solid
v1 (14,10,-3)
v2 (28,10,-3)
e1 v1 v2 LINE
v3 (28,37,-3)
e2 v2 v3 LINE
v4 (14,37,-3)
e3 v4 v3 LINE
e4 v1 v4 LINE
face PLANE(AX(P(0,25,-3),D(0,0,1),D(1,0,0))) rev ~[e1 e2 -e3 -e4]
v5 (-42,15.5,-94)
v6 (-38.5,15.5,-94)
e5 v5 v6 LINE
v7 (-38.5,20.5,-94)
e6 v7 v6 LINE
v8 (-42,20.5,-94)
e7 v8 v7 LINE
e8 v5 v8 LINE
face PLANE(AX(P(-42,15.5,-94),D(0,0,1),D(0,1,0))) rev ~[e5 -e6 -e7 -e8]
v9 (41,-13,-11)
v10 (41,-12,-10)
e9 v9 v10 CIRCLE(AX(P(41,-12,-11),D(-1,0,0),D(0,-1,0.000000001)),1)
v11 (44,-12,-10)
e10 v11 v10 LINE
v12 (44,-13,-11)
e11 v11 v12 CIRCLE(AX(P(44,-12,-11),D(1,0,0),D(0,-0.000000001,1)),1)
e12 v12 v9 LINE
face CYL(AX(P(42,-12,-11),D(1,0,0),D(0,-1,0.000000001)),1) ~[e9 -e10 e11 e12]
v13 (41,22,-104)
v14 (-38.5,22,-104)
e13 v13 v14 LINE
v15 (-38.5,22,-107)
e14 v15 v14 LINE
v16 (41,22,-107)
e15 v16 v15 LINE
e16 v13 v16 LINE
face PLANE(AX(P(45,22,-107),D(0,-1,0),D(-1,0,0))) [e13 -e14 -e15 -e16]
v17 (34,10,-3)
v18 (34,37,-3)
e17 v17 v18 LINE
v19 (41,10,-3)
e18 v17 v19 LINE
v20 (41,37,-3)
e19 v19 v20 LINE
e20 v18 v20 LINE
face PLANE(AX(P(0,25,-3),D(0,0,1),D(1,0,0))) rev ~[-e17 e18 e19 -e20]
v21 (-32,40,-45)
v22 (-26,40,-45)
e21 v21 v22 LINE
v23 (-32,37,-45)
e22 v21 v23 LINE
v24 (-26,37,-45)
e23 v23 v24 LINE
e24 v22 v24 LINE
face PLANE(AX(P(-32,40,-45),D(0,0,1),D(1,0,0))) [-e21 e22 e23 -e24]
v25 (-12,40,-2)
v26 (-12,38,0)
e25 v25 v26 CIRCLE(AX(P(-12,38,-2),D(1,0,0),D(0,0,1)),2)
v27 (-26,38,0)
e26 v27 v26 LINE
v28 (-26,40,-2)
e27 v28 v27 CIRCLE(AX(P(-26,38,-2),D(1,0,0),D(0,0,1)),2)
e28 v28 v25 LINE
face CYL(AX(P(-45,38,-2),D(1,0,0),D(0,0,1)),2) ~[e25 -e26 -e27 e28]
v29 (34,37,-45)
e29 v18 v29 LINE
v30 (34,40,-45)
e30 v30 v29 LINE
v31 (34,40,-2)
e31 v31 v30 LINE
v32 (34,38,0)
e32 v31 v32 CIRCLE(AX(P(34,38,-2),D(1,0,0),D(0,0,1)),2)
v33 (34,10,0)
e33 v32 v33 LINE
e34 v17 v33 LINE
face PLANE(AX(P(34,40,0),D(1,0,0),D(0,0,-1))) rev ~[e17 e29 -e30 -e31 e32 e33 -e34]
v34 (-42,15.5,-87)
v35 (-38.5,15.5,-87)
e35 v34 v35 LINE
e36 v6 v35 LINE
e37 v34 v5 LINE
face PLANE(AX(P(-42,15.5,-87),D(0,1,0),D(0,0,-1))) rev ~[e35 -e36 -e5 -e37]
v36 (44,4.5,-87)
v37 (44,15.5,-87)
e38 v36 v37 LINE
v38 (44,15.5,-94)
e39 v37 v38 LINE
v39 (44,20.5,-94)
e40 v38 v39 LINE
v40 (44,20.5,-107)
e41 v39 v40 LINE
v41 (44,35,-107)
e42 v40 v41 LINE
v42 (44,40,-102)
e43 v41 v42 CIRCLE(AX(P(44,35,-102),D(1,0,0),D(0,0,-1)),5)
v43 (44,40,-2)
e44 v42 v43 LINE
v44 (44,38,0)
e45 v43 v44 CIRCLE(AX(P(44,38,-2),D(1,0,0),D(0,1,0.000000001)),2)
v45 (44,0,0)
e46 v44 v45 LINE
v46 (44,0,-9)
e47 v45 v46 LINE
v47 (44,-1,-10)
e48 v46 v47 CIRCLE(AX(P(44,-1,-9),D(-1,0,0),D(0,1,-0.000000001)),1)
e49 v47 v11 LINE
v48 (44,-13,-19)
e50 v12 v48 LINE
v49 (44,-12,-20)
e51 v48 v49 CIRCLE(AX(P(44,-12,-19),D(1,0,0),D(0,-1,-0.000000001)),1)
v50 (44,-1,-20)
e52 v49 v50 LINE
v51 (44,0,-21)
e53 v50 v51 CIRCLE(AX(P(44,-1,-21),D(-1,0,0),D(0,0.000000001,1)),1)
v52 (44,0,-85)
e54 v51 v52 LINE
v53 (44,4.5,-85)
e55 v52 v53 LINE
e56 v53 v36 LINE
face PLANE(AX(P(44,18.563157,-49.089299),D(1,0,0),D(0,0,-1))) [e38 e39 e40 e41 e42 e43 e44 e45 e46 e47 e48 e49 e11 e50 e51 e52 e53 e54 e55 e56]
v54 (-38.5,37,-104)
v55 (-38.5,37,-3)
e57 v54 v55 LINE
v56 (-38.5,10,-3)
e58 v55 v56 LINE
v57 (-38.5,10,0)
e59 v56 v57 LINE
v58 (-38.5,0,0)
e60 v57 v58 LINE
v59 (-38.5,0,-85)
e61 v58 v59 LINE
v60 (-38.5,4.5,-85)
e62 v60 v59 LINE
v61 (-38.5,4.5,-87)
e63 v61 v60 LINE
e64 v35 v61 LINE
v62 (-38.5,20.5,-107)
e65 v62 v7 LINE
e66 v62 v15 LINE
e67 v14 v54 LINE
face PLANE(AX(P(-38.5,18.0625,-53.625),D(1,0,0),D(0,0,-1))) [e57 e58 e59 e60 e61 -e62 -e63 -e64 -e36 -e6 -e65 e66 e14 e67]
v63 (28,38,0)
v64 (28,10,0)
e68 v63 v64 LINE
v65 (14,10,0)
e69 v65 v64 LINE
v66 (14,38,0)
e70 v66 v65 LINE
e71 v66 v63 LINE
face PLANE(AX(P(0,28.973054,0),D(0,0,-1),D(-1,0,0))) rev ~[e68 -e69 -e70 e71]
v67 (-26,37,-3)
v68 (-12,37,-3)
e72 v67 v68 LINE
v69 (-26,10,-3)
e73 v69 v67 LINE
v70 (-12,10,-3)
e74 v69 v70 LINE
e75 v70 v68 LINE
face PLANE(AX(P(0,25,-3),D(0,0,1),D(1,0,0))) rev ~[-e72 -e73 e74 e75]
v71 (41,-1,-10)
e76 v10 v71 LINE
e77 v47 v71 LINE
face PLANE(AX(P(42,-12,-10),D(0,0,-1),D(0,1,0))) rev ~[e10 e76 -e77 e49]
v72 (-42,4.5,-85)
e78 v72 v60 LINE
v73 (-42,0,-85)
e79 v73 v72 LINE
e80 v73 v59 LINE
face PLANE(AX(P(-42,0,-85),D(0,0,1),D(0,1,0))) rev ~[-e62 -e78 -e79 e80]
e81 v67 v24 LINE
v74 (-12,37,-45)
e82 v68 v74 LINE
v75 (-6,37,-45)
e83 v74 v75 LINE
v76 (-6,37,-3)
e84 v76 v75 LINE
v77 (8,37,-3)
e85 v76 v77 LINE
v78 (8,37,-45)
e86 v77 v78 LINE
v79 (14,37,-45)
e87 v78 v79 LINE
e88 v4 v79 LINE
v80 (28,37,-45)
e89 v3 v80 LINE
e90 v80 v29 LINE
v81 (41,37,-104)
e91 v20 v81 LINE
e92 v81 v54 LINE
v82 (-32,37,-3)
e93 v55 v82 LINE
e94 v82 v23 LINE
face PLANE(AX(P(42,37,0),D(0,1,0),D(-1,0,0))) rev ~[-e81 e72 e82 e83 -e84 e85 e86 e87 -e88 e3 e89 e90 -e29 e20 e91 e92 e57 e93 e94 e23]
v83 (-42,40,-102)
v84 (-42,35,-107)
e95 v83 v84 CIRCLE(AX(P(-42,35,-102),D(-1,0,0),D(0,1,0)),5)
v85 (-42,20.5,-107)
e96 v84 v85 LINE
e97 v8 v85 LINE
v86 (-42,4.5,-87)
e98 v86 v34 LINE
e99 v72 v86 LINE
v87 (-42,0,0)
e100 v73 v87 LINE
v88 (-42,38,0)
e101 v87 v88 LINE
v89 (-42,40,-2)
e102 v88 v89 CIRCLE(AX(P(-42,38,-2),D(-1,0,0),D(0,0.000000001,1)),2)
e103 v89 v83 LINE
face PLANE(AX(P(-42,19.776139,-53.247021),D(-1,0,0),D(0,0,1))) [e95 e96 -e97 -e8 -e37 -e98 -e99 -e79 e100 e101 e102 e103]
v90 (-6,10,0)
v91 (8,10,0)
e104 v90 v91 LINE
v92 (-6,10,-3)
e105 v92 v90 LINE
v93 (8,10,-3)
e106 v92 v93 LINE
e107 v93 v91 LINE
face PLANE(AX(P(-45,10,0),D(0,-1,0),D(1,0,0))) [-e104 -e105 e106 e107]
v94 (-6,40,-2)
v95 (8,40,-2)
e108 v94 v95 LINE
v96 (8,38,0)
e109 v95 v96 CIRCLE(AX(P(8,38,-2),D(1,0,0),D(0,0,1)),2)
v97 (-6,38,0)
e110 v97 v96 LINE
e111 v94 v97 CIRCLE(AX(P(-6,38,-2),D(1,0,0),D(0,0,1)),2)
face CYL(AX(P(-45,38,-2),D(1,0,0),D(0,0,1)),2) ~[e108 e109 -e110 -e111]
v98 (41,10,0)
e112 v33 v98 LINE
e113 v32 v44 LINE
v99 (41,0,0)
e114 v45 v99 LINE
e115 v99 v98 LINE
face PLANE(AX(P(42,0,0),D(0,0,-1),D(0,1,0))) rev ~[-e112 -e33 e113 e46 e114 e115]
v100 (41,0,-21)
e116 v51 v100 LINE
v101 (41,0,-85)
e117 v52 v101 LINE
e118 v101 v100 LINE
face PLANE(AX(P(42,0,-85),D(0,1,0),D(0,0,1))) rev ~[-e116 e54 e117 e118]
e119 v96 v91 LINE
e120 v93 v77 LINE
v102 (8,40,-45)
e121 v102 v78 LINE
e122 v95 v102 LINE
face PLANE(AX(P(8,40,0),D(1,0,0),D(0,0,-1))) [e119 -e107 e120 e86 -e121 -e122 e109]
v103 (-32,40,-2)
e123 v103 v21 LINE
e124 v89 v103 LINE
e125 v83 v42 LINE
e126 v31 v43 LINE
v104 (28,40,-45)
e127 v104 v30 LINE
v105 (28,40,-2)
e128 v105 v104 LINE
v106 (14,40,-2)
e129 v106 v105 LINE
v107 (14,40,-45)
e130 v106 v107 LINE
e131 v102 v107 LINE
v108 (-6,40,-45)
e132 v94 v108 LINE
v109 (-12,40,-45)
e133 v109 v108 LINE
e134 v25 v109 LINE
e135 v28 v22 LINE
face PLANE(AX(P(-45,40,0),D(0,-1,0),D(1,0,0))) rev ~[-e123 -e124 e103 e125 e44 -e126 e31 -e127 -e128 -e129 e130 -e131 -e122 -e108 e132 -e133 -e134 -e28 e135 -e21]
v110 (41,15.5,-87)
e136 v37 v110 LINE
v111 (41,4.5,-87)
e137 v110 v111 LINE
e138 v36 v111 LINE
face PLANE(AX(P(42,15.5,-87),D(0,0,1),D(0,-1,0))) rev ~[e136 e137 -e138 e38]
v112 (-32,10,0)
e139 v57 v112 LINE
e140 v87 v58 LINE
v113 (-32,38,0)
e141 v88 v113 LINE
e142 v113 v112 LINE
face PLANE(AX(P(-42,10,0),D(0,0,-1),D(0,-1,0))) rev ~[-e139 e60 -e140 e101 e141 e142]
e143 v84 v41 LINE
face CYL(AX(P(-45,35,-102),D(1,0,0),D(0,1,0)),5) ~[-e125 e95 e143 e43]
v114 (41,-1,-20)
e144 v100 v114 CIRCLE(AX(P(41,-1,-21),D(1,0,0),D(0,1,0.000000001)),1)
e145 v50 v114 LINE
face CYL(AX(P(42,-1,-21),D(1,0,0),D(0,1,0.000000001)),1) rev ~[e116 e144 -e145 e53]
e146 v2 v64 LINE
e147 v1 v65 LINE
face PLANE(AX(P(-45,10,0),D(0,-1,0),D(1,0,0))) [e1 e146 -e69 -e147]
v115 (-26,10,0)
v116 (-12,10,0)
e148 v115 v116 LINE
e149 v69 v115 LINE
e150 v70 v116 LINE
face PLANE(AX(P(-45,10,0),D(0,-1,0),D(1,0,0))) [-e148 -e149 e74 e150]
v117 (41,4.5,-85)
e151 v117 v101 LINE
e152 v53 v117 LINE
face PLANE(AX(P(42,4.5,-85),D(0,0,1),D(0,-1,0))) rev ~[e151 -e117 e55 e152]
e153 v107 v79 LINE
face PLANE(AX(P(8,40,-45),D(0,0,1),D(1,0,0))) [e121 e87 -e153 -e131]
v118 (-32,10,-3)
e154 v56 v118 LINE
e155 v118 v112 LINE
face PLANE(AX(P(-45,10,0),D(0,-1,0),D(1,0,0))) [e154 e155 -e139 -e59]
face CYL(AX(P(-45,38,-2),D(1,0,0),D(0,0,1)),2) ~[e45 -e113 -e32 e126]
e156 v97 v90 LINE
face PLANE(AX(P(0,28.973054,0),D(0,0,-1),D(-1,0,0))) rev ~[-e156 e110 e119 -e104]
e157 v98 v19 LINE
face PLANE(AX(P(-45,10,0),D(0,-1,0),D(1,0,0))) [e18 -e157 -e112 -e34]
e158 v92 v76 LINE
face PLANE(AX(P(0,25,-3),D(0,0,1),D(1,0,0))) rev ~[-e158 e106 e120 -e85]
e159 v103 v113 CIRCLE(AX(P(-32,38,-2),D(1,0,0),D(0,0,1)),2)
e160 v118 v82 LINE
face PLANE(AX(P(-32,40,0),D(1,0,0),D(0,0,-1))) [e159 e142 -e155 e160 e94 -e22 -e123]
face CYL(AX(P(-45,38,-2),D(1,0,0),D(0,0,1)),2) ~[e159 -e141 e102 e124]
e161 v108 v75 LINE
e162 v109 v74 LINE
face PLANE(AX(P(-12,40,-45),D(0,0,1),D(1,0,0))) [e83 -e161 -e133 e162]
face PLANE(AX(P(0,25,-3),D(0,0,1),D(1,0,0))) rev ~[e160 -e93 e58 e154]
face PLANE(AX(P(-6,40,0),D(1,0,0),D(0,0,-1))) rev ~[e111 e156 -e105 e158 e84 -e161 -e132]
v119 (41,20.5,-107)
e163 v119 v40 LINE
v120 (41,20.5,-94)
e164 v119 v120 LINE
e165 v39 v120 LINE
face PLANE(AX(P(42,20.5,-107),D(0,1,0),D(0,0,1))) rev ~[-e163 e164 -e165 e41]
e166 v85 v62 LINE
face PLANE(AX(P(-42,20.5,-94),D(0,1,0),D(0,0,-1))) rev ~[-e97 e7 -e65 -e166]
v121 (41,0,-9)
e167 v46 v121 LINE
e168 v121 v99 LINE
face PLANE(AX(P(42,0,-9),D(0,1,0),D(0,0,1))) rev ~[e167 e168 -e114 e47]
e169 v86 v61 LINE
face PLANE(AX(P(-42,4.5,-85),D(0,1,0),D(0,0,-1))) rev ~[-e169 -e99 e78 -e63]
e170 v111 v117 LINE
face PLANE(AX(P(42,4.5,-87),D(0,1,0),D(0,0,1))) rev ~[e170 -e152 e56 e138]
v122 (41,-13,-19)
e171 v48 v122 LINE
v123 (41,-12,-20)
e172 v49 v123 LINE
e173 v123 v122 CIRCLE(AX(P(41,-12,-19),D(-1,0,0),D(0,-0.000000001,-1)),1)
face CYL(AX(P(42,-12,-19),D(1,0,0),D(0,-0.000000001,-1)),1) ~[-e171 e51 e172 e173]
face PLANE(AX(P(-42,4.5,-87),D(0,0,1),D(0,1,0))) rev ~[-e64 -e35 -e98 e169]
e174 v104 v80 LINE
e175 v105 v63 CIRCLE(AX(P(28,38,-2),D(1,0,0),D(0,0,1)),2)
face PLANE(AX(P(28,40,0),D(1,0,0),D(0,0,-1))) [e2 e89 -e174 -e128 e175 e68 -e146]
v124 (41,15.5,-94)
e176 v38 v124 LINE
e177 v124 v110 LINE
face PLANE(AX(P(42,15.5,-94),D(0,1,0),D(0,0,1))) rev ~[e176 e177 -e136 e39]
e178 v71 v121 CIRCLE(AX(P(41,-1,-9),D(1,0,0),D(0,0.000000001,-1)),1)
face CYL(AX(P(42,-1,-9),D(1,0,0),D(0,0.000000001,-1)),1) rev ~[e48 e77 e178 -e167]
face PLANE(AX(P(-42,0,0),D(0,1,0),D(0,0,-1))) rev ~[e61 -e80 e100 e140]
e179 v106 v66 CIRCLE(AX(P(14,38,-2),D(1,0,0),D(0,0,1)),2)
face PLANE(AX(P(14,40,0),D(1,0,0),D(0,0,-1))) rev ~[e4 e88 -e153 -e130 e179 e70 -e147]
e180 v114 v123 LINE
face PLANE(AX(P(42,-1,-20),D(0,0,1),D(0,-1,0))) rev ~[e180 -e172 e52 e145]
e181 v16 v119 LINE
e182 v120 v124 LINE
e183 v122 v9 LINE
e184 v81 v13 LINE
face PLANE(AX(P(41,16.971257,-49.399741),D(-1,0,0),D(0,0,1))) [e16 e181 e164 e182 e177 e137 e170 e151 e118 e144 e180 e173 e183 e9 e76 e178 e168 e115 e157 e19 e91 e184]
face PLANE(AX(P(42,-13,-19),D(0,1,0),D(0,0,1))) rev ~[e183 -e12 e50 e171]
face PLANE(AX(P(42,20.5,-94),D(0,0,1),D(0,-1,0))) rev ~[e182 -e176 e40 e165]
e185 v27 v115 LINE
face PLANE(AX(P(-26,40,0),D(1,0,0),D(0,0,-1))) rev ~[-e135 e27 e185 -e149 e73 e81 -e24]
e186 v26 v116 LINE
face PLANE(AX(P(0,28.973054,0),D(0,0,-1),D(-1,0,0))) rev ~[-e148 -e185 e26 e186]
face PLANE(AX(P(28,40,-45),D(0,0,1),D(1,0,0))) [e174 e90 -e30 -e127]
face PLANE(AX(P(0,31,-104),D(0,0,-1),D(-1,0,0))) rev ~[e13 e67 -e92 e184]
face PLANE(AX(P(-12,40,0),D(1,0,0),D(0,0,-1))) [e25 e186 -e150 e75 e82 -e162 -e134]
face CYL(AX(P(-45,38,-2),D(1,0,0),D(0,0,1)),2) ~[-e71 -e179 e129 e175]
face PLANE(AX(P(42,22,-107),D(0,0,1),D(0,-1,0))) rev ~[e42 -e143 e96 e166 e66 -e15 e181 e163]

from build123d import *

# Parameters (mm, degrees)
SALIENTE_EXTRUIR1_DEPTH = 107
CROQUIS2_W              = 90
CROQUIS2_H              = 18
SALIENTE_EXTRUIR2_DEPTH = 3
CROQUIS4_W              = 90
CROQUIS4_H              = 30
SALIENTE_EXTRUIR3_DEPTH = 3
REDONDEO3_R             = 2
CROQUIS3_W              = 6
CROQUIS3_H              = 45
CORTAR_EXTRUIR1_DEPTH   = 123.776219196
REDONDEO1_R             = 5
SALIENTE_EXTRUIR4_DEPTH = 3.5
CORTAR_EXTRUIR3_START   = -3
CORTAR_EXTRUIR3_DEPTH   = 3
CORTAR_EXTRUIR4_DEPTH   = 144.589693223
SALIENTE_EXTRUIR5_DEPTH = 3
REDONDEO4_R             = 1
SALIENTE_EXTRUIR6_DEPTH = 1
CORTAR_EXTRUIR6_DEPTH   = 1


with BuildPart() as part:
    # Croquis1 → Saliente-Extruir1 (new body)
    with BuildSketch(Plane.XY):
        Polygon((-42, 0), (-45, 0), (-45, 40), (45, 40), (45, 0), (42, 0), (42, 37), (-42, 37), align=None)
    extrude(amount=-SALIENTE_EXTRUIR1_DEPTH)

    # Croquis2 → Saliente-Extruir2 (add)
    with BuildSketch(Plane(origin=(0, 0, -107), x_dir=(-1, 0, 0), z_dir=(0, 0, -1))):
        with Locations((0, 31)):
            Rectangle(CROQUIS2_W, CROQUIS2_H)
    extrude(amount=-SALIENTE_EXTRUIR2_DEPTH)

    # Croquis4 → Saliente-Extruir3 (add)
    with BuildSketch(Plane.XY):
        with Locations((0, 25)):
            Rectangle(CROQUIS4_W, CROQUIS4_H)
    extrude(amount=-SALIENTE_EXTRUIR3_DEPTH)

    # Redondeo3
    redondeo3_edges = [part.edges().sort_by_distance(p)[0] for p in [
        (0, 40, 0),
    ]]
    fillet(redondeo3_edges, radius=REDONDEO3_R)

    # Croquis3 → Cortar-Extruir1 (cut, through all)
    with BuildSketch(Plane(origin=(0, 40, 0), x_dir=(1, 0, 0), z_dir=(0, 1, 0))):
        with Locations((-9, 22.5)):
            Rectangle(CROQUIS3_W, CROQUIS3_H)
        with Locations((11, 22.5)):
            Rectangle(CROQUIS3_W, CROQUIS3_H)
        with Locations((-29, 22.5)):
            Rectangle(CROQUIS3_W, CROQUIS3_H)
        with Locations((31, 22.5)):
            Rectangle(CROQUIS3_W, CROQUIS3_H)
    extrude(amount=-CORTAR_EXTRUIR1_DEPTH, mode=Mode.SUBTRACT)

    # Redondeo1
    redondeo1_edges = [part.edges().sort_by_distance(p)[0] for p in [
        (0, 40, -107),
    ]]
    fillet(redondeo1_edges, radius=REDONDEO1_R)

    # Croquis6 → Saliente-Extruir4 (add)
    with BuildSketch(Plane(origin=(-42, 0, 0), x_dir=(0, 0, -1), z_dir=(1, 0, 0))):
        Polygon((3, 10), (0, 10), (0, 0), (107, 0), (107, 22), (104, 22), (104, 37), (3, 37), align=None)
    extrude(amount=SALIENTE_EXTRUIR4_DEPTH)

    # Croquis7 → Cortar-Extruir3 (cut)
    with BuildSketch(Plane.ZY.offset(45).offset(CORTAR_EXTRUIR3_START)):
        with BuildLine():
            Line((-2, 40), (-102, 40))
            ThreePointArc((-102, 40), (-105.535533906, 38.535533906), (-107, 35))
            Line((-107, 35), (-107, 0))
            Line((-107, 0), (0, 0))
            Line((0, 0), (0, 38))
            ThreePointArc((0, 38), (-0.585786438, 39.414213562), (-2, 40))
        make_face()
    extrude(amount=CORTAR_EXTRUIR3_DEPTH, mode=Mode.SUBTRACT)

    # Croquis8 → Cortar-Extruir4 (cut, through all)
    with BuildSketch(Plane.ZY.offset(42)):
        Polygon((-107, 0), (-94, 0), (-87, 0), (-85, 0), (-85, 4.5), (-87, 4.5), (-87, 15.5), (-94, 15.5), (-94, 20.5), (-107, 20.5), align=None)
    extrude(amount=-CORTAR_EXTRUIR4_DEPTH, mode=Mode.SUBTRACT)

    # Croquis9 → Saliente-Extruir5 (add)
    with BuildSketch(Plane(origin=(45, 0, 0), x_dir=(0, 0, -1), z_dir=(1, 0, 0))):
        with BuildLine():
            Line((10, 0), (20, 0))
            Line((20, 0), (20, -12))
            ThreePointArc((20, -12), (19.707106781, -12.707106781), (19, -13))
            Line((19, -13), (11, -13))
            ThreePointArc((11, -13), (10.292893219, -12.707106781), (10, -12))
            Line((10, -12), (10, 0))
        make_face()
    extrude(amount=-SALIENTE_EXTRUIR5_DEPTH)

    # Redondeo4
    redondeo4_edges = [part.edges().sort_by_distance(p)[0] for p in [
        (43.5, 0, -10),
        (43.5, 0, -20),
    ]]
    fillet(redondeo4_edges, radius=REDONDEO4_R)

    # Croquis11 → Saliente-Extruir6 (add)
    with BuildSketch(Plane.ZY.offset(-42)):
        with BuildLine():
            Line((-107, 20.5), (-94, 20.5))
            Line((-94, 20.5), (-94, 15.5))
            Line((-94, 15.5), (-87, 15.5))
            Line((-87, 15.5), (-87, 4.5))
            Line((-87, 4.5), (-85, 4.5))
            Line((-85, 4.5), (-85, 0))
            Line((-85, 0), (-21, 0))
            ThreePointArc((-21, 0), (-20.292893219, -0.292893219), (-20, -1))
            Line((-20, -1), (-20, -12))
            ThreePointArc((-20, -12), (-19.707106781, -12.707106781), (-19, -13))
            Line((-19, -13), (-11, -13))
            ThreePointArc((-11, -13), (-10.292893219, -12.707106781), (-10, -12))
            Line((-10, -12), (-10, -1))
            ThreePointArc((-10, -1), (-9.707106781, -0.292893219), (-9, 0))
            Line((-9, 0), (0, 0))
            Line((0, 0), (0, 10))
            Line((0, 10), (-3, 10))
            Line((-3, 10), (-3, 37))
            Line((-3, 37), (-104, 37))
            Line((-104, 37), (-104, 22))
            Line((-104, 22), (-107, 22))
            Line((-107, 22), (-107, 20.5))
        make_face()
    extrude(amount=SALIENTE_EXTRUIR6_DEPTH)

    # Croquis12 → Cortar-Extruir6 (cut)
    with BuildSketch(Plane(origin=(45, 0, 0), x_dir=(0, 0, -1), z_dir=(1, 0, 0))):
        with BuildLine():
            Line((94, 20.5), (107, 20.5))
            Line((107, 20.5), (107, 35))
            ThreePointArc((107, 35), (105.535533906, 38.535533906), (102, 40))
            Line((102, 40), (2, 40))
            ThreePointArc((2, 40), (0.585786438, 39.414213562), (0, 38))
            Line((0, 38), (0, 0))
            Line((0, 0), (9, 0))
            ThreePointArc((9, 0), (9.707106781, -0.292893219), (10, -1))
            Line((10, -1), (10, -12))
            ThreePointArc((10, -12), (10.292893219, -12.707106781), (11, -13))
            Line((11, -13), (19, -13))
            ThreePointArc((19, -13), (19.707106781, -12.707106781), (20, -12))
            Line((20, -12), (20, -1))
            ThreePointArc((20, -1), (20.292893219, -0.292893219), (21, 0))
            Line((21, 0), (85, 0))
            Line((85, 0), (85, 4.5))
            Line((85, 4.5), (87, 4.5))
            Line((87, 4.5), (87, 15.5))
            Line((87, 15.5), (94, 15.5))
            Line((94, 15.5), (94, 20.5))
        make_face()
    extrude(amount=-CORTAR_EXTRUIR6_DEPTH, mode=Mode.SUBTRACT)


solid = part.part
